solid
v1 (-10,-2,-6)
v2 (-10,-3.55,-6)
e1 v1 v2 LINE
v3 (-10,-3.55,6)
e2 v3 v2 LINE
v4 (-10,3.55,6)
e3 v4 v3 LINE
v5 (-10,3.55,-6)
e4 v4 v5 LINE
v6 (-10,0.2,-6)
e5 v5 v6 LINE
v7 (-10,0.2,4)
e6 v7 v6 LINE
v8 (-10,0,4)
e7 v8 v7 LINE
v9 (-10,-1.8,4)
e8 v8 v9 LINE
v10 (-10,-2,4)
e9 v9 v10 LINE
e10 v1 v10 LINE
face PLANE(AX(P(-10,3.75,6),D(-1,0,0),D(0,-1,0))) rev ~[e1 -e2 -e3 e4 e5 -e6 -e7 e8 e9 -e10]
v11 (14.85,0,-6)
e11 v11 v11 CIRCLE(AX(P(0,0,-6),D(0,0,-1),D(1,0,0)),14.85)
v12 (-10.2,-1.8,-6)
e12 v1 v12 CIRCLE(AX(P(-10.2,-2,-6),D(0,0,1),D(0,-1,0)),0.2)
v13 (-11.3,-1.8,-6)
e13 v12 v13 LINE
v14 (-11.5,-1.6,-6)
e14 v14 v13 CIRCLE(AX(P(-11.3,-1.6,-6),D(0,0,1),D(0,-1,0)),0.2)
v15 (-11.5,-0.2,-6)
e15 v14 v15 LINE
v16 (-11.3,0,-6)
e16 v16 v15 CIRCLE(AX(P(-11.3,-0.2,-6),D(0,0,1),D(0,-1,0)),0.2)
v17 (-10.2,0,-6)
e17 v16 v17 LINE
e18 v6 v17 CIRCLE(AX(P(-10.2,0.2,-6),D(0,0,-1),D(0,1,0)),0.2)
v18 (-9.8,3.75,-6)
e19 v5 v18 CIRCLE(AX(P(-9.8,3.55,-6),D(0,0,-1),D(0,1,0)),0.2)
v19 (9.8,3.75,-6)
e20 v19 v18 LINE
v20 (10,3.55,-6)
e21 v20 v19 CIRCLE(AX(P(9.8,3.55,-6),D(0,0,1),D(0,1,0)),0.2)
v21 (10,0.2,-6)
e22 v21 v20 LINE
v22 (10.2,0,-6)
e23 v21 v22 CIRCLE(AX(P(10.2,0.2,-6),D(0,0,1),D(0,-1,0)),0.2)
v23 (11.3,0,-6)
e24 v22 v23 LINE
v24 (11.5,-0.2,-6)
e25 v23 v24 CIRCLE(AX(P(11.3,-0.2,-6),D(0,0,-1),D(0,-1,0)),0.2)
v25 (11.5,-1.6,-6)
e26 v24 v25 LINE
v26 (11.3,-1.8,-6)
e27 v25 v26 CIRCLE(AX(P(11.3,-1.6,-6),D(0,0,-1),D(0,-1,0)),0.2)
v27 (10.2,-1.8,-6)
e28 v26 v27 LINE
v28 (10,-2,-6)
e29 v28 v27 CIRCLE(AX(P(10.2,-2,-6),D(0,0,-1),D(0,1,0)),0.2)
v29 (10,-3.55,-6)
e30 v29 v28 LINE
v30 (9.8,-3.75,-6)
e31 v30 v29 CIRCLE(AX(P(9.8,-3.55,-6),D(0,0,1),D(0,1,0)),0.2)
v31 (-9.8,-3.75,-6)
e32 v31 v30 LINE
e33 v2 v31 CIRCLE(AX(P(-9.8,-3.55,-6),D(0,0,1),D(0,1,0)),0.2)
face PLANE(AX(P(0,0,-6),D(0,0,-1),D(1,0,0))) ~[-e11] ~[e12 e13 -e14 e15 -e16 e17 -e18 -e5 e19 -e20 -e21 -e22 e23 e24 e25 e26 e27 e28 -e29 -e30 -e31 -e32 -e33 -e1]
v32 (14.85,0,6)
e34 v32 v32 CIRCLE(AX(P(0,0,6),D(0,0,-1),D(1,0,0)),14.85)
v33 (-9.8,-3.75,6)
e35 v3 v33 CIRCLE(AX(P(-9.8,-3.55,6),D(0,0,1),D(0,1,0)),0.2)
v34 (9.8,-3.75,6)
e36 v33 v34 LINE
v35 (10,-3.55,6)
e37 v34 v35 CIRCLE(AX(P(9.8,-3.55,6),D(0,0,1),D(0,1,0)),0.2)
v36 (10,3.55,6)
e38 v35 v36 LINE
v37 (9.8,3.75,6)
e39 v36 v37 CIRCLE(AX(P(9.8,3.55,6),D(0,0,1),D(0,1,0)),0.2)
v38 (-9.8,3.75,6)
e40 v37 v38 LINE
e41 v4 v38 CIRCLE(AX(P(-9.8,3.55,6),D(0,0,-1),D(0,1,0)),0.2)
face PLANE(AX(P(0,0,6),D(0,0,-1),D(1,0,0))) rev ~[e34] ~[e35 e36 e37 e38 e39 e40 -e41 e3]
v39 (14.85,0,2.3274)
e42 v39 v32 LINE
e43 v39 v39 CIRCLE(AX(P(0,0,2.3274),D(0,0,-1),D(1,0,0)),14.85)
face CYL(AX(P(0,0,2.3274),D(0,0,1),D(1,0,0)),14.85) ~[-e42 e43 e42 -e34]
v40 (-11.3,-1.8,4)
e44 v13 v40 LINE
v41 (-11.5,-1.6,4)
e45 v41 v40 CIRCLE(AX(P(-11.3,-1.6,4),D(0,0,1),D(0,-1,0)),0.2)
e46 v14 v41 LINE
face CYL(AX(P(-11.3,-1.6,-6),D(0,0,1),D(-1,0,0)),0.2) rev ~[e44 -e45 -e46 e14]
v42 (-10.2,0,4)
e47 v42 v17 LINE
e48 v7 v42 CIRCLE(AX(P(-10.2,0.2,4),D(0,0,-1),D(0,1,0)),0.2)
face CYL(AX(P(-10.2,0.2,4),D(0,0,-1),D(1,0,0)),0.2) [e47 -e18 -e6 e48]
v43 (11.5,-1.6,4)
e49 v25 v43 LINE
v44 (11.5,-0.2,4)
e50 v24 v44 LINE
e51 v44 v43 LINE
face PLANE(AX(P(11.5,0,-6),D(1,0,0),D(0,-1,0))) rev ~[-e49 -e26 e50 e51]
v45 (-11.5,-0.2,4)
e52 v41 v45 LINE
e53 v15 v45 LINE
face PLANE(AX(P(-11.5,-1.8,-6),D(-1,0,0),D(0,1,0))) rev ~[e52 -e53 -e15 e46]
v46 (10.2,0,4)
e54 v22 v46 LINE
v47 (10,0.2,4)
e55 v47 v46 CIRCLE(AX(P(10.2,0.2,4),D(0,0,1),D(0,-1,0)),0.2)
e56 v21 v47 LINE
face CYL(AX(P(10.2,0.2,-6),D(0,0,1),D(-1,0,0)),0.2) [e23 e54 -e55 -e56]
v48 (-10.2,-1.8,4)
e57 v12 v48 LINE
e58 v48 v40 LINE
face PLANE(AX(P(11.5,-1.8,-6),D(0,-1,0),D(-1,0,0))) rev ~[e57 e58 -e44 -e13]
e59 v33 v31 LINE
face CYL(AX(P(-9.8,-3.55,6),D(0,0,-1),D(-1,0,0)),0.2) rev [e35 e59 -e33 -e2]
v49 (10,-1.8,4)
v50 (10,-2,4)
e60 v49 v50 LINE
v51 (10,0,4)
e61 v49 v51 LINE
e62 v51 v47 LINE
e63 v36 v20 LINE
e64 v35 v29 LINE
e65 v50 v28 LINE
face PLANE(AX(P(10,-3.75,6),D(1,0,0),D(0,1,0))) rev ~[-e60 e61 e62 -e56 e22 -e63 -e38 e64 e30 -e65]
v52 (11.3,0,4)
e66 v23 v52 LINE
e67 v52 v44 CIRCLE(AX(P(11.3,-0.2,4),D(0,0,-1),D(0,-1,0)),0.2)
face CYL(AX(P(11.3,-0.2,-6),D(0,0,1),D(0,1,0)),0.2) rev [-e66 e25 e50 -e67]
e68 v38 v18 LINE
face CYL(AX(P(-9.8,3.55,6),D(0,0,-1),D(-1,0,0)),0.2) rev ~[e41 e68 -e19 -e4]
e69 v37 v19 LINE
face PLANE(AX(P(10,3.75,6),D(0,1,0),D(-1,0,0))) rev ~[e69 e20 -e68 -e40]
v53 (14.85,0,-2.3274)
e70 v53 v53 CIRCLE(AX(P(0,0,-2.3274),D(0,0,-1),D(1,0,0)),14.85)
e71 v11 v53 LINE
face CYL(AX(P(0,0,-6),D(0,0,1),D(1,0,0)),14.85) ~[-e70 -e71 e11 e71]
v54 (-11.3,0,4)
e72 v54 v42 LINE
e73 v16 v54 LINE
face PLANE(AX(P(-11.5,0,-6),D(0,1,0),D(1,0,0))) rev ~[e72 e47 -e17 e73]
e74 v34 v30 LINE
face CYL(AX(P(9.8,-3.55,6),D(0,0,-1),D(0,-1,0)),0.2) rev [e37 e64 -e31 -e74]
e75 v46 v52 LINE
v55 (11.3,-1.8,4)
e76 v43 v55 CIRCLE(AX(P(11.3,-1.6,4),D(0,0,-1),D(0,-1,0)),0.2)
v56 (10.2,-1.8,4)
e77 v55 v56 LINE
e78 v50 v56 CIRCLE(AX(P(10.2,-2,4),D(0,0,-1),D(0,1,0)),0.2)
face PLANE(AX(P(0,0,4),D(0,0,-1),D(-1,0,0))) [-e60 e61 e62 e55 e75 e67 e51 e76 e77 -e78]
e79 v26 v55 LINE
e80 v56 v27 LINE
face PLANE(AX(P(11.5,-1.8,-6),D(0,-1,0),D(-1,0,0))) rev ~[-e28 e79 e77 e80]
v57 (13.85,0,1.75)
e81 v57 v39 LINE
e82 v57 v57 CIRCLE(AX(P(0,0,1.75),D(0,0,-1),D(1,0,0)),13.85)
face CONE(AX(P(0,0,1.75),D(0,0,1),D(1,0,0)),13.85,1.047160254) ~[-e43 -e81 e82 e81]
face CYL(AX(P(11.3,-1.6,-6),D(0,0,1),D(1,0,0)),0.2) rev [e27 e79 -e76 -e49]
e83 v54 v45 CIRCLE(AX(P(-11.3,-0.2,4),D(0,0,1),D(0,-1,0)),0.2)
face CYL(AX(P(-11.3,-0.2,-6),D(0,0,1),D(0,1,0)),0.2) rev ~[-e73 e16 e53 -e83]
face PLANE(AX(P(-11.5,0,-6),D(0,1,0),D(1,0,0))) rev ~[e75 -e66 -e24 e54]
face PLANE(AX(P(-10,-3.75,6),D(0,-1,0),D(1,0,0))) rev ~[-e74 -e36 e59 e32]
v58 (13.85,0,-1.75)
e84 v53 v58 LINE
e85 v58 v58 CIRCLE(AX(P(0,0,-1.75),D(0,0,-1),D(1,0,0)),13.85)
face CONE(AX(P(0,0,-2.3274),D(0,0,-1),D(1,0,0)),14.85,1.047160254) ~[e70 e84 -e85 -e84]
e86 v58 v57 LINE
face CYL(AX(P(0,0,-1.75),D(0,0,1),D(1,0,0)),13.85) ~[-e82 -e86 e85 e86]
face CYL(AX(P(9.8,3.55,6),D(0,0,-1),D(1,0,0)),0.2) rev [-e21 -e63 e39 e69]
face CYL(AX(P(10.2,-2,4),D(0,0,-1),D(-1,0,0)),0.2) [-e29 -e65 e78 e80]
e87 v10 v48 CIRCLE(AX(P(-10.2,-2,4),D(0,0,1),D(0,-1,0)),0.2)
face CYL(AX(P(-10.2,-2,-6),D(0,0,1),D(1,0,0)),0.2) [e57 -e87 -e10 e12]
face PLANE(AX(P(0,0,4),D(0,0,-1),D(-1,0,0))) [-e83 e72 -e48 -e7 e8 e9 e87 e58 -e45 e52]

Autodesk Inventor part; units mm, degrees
ref_plane "YZ Plane" through (0, 0, 0) normal (1, 0, 0) x (0, 1, 0)
ref_plane "XZ Plane" through (0, 0, 0) normal (0, 1, 0) x (-1, 0, 0)
ref_plane "XY Plane" through (0, 0, 0) normal (0, 0, 1) x (1, 0, 0)
sketch "Skizze2" plane through (0, 0, 0) normal (0, 1, 0) x (-1, 0, 0)
  line L0 (0, -6) -> (-14.85, -6)
  line L1 (-14.85, -6) -> (-14.85, -2.3274)
  line L2 (-14.85, -2.3274) -> (-13.85, -1.75)
  line L3 (-13.85, -1.75) -> (-13.85, 1.75)
  line L4 (-13.85, 1.75) -> (-14.85, 2.3274)
  line L5 (-14.85, 2.3274) -> (-14.85, 6)
  line L6 (-14.85, 6) -> (0, 6)
  line L7 (0, 6) -> (0, -6)
  point P0 (0, 0)
  point P1 (-13.85, 0)
  point P2 (0, 0)
  dimension "d3" = 29.7
  dimension "d4" = 12
  dimension "d5" = 3.5
  dimension "d6" = 120
  dimension "d7" = 120
  dimension "d8" = 1
revolve "Umdrehung1" add sketch "Skizze2" angle 360 about axis through (0, 0, 6) along (0, 0, -1)
sketch "Skizze3" plane through (0, 0, 6) normal (0, 0, 1) x (1, 0, 0)
  line L0 (-10, -3.75) -> (10, -3.75)
  line L1 (10, -3.75) -> (10, 3.75)
  line L2 (10, 3.75) -> (-10, 3.75)
  line L3 (-10, 3.75) -> (-10, -3.75)
  line L4 (-10, -3.75) -> (10, 3.75) construction
  line L5 (10, -3.75) -> (-10, 3.75) construction
  point P0 (0, 0)
  point P1 (0, 0)
  dimension "d10" = 20
  dimension "d11" = 7.5
  dimension "d12" = 0
extrude "Extrusion2" cut sketch "Skizze3" against normal through all
sketch "Skizze4" plane through (0, 0, -6) normal (0, 0, -1) x (-1, 0, 0)
  line L0 (-11.5, -1.8) -> (11.5, -1.8)
  line L1 (11.5, -1.8) -> (11.5, 0)
  line L2 (11.5, 0) -> (-11.5, 0)
  line L3 (-11.5, 0) -> (-11.5, -1.8)
  line L4 (-11.5, -1.8) -> (11.5, 0) construction
  line L5 (11.5, -1.8) -> (-11.5, 0) construction
  circle A0 centre (0, 0) radius 14.85 projected
  point P0 (0, -0.9)
  dimension "d15" = 23
  dimension "d16" = 1.8
extrude "Extrusion3" cut sketch "Skizze4" against normal blind 10 contours L3 L2 L1 L0
fillet "Rundung1" radius 0.2 4 edges at (10, -3.75, 0) (-10, -3.75, 0) (-10, 3.75, 0) (10, 3.75, 0)
fillet "Rundung2" radius 0.2 8 edges at (-10, -1.8, -1) (-11.5, -1.8, -1) (-11.5, 0, -1) (-10, 0, -1) (10, -1.8, -1) (11.5, -1.8, -1) (11.5, 0, -1) (10, 0, -1)
properties part number "FMR_DXWD80_CPW_Halter_C_TdOS_Waveguide"
